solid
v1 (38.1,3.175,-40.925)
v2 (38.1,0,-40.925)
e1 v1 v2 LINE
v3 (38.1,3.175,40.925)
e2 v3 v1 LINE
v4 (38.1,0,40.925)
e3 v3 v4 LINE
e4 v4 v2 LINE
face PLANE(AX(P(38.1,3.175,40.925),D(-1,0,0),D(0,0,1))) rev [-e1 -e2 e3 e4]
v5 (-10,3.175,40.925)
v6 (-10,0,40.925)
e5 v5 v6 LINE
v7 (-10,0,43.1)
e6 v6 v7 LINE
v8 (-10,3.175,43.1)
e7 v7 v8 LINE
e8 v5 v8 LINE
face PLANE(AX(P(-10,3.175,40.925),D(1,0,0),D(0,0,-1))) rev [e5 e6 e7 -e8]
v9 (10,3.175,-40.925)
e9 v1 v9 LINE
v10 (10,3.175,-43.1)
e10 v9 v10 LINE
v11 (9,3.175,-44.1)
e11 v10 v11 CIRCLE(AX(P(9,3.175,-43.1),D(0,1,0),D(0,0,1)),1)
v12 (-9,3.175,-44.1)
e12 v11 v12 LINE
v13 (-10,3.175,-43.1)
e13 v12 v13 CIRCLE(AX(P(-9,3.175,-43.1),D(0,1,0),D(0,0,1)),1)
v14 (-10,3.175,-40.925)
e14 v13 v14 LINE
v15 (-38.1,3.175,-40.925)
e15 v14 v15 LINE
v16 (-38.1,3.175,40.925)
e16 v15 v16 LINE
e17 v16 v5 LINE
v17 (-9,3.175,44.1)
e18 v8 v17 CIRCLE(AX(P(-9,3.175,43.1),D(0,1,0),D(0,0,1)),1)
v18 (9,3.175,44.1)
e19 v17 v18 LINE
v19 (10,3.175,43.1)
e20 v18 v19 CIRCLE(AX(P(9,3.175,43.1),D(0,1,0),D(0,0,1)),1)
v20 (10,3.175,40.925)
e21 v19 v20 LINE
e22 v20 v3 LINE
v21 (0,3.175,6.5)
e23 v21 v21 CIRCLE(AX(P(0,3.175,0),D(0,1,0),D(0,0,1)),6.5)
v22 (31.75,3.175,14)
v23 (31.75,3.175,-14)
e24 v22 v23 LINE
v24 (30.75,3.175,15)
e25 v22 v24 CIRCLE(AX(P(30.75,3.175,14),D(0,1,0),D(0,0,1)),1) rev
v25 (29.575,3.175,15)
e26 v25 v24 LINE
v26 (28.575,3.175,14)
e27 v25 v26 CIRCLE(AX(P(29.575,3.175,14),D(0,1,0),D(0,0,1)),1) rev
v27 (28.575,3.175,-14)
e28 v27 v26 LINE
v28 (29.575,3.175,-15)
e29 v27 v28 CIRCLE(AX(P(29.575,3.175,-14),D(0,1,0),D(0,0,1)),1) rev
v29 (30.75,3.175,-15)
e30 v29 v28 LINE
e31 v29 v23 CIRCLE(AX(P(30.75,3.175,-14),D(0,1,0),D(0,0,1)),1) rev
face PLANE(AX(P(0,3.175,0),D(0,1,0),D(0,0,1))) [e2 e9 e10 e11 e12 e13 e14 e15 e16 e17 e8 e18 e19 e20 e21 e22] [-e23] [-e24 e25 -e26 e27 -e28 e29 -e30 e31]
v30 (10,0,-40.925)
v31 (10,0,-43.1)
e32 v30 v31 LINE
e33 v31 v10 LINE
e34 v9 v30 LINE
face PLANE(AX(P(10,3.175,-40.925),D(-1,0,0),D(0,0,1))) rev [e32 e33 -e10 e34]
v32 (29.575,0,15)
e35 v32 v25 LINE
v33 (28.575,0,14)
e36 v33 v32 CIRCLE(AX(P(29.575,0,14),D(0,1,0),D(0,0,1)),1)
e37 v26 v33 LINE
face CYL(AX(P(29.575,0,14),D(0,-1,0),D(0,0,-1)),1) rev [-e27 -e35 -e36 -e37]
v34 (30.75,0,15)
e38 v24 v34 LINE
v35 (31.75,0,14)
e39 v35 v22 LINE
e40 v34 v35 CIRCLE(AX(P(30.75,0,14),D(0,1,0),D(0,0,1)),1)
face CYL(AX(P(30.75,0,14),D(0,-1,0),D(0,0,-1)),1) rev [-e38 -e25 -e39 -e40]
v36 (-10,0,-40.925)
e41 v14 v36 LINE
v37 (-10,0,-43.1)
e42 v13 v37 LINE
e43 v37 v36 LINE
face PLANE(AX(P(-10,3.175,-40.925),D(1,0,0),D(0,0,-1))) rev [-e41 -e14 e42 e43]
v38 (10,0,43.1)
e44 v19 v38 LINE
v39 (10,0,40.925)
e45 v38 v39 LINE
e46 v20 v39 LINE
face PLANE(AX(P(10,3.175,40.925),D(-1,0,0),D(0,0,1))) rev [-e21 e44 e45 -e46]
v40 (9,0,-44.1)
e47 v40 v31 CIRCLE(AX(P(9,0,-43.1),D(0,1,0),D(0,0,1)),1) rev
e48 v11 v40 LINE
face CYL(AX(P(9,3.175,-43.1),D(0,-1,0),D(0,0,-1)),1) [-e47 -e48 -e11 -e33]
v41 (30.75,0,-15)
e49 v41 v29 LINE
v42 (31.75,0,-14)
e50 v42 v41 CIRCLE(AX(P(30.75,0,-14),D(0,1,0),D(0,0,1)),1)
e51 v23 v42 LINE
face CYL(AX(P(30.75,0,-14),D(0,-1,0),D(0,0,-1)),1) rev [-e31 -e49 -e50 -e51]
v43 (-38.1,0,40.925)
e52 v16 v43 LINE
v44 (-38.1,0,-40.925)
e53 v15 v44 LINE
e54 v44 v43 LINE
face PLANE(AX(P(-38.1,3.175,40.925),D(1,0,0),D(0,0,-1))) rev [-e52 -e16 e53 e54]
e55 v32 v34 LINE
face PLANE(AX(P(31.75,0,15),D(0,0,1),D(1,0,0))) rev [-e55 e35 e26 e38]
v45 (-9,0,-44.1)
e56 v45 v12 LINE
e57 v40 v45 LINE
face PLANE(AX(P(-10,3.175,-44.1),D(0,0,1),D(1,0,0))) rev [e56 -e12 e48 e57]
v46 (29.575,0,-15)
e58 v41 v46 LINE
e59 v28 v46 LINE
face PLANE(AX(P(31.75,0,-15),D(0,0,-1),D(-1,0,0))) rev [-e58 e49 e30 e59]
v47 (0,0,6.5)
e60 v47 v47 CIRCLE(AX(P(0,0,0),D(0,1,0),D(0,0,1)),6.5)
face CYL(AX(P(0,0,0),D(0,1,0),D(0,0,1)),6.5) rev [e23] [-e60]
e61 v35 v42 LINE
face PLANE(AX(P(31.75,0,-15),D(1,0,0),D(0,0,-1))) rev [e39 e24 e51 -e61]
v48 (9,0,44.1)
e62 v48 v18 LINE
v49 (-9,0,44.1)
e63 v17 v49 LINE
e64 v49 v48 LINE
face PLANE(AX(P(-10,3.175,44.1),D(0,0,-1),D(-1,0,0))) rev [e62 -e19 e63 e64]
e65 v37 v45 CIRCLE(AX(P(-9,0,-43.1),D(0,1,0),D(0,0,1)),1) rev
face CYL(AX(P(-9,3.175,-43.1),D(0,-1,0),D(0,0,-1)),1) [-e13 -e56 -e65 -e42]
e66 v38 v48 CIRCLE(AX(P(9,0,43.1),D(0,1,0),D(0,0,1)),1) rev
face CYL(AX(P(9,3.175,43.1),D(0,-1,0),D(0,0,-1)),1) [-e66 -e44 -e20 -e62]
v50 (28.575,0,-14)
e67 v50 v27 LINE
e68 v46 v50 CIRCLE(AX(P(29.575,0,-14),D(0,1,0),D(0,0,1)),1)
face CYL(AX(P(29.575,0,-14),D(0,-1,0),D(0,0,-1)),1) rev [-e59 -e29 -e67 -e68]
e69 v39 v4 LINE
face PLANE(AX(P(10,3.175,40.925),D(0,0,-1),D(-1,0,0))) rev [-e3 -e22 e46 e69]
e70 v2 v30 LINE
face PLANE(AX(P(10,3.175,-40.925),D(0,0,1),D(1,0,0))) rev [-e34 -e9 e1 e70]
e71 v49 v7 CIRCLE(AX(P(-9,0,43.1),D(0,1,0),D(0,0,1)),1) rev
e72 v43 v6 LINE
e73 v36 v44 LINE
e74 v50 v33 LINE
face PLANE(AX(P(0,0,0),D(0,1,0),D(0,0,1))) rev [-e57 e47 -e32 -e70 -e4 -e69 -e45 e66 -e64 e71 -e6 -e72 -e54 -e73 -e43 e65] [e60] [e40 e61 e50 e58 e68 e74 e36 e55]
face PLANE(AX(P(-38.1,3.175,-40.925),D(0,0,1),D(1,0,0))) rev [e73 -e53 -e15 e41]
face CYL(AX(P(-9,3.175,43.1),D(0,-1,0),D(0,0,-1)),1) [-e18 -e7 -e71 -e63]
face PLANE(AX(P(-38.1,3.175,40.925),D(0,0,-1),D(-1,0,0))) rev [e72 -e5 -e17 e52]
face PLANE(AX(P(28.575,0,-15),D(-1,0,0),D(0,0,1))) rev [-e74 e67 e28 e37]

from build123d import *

# Parameters (mm, degrees)
BOSS_EXTRUDE1_DEPTH = 3.175
SKETCH2_R           = 6.5
SKETCH2_W           = 3.175
SKETCH2_H           = 30
CUT_EXTRUDE1_DEPTH  = 4.175
FILLET1_R           = 1


with BuildPart() as part:
    # Sketch1 → Boss-Extrude1 (new body)
    with BuildSketch(Plane(origin=(0, 0, 0), x_dir=(1, 0, 0), z_dir=(0, 1, 0))):
        Polygon((-38.1, -40.925), (-10, -40.925), (-10, -44.1), (10, -44.1), (10, -40.925), (38.1, -40.925), (38.1, 40.925), (10, 40.925), (10, 44.1), (-10, 44.1), (-10, 40.925), (-38.1, 40.925), align=None)
    extrude(amount=BOSS_EXTRUDE1_DEPTH)

    # Sketch2 → Cut-Extrude1 (cut, through all)
    with BuildSketch(Plane(origin=(0, 3.175, 0), x_dir=(1, 0, 0), z_dir=(0, 1, 0))):
        Circle(SKETCH2_R)
        with Locations((30.1625, 0)):
            Rectangle(SKETCH2_W, SKETCH2_H)
    extrude(amount=-CUT_EXTRUDE1_DEPTH, mode=Mode.SUBTRACT)

    # Fillet1
    fillet1_edges = [part.edges().sort_by_distance(p)[0] for p in [
        (10, 1.5875, 44.1),
        (-10, 1.5875, 44.1),
        (-10, 1.5875, -44.1),
        (10, 1.5875, -44.1),
        (28.575, 1.5875, 15),
        (28.575, 1.5875, -15),
        (31.75, 1.5875, -15),
        (31.75, 1.5875, 15),
    ]]
    fillet(fillet1_edges, radius=FILLET1_R)


solid = part.part
